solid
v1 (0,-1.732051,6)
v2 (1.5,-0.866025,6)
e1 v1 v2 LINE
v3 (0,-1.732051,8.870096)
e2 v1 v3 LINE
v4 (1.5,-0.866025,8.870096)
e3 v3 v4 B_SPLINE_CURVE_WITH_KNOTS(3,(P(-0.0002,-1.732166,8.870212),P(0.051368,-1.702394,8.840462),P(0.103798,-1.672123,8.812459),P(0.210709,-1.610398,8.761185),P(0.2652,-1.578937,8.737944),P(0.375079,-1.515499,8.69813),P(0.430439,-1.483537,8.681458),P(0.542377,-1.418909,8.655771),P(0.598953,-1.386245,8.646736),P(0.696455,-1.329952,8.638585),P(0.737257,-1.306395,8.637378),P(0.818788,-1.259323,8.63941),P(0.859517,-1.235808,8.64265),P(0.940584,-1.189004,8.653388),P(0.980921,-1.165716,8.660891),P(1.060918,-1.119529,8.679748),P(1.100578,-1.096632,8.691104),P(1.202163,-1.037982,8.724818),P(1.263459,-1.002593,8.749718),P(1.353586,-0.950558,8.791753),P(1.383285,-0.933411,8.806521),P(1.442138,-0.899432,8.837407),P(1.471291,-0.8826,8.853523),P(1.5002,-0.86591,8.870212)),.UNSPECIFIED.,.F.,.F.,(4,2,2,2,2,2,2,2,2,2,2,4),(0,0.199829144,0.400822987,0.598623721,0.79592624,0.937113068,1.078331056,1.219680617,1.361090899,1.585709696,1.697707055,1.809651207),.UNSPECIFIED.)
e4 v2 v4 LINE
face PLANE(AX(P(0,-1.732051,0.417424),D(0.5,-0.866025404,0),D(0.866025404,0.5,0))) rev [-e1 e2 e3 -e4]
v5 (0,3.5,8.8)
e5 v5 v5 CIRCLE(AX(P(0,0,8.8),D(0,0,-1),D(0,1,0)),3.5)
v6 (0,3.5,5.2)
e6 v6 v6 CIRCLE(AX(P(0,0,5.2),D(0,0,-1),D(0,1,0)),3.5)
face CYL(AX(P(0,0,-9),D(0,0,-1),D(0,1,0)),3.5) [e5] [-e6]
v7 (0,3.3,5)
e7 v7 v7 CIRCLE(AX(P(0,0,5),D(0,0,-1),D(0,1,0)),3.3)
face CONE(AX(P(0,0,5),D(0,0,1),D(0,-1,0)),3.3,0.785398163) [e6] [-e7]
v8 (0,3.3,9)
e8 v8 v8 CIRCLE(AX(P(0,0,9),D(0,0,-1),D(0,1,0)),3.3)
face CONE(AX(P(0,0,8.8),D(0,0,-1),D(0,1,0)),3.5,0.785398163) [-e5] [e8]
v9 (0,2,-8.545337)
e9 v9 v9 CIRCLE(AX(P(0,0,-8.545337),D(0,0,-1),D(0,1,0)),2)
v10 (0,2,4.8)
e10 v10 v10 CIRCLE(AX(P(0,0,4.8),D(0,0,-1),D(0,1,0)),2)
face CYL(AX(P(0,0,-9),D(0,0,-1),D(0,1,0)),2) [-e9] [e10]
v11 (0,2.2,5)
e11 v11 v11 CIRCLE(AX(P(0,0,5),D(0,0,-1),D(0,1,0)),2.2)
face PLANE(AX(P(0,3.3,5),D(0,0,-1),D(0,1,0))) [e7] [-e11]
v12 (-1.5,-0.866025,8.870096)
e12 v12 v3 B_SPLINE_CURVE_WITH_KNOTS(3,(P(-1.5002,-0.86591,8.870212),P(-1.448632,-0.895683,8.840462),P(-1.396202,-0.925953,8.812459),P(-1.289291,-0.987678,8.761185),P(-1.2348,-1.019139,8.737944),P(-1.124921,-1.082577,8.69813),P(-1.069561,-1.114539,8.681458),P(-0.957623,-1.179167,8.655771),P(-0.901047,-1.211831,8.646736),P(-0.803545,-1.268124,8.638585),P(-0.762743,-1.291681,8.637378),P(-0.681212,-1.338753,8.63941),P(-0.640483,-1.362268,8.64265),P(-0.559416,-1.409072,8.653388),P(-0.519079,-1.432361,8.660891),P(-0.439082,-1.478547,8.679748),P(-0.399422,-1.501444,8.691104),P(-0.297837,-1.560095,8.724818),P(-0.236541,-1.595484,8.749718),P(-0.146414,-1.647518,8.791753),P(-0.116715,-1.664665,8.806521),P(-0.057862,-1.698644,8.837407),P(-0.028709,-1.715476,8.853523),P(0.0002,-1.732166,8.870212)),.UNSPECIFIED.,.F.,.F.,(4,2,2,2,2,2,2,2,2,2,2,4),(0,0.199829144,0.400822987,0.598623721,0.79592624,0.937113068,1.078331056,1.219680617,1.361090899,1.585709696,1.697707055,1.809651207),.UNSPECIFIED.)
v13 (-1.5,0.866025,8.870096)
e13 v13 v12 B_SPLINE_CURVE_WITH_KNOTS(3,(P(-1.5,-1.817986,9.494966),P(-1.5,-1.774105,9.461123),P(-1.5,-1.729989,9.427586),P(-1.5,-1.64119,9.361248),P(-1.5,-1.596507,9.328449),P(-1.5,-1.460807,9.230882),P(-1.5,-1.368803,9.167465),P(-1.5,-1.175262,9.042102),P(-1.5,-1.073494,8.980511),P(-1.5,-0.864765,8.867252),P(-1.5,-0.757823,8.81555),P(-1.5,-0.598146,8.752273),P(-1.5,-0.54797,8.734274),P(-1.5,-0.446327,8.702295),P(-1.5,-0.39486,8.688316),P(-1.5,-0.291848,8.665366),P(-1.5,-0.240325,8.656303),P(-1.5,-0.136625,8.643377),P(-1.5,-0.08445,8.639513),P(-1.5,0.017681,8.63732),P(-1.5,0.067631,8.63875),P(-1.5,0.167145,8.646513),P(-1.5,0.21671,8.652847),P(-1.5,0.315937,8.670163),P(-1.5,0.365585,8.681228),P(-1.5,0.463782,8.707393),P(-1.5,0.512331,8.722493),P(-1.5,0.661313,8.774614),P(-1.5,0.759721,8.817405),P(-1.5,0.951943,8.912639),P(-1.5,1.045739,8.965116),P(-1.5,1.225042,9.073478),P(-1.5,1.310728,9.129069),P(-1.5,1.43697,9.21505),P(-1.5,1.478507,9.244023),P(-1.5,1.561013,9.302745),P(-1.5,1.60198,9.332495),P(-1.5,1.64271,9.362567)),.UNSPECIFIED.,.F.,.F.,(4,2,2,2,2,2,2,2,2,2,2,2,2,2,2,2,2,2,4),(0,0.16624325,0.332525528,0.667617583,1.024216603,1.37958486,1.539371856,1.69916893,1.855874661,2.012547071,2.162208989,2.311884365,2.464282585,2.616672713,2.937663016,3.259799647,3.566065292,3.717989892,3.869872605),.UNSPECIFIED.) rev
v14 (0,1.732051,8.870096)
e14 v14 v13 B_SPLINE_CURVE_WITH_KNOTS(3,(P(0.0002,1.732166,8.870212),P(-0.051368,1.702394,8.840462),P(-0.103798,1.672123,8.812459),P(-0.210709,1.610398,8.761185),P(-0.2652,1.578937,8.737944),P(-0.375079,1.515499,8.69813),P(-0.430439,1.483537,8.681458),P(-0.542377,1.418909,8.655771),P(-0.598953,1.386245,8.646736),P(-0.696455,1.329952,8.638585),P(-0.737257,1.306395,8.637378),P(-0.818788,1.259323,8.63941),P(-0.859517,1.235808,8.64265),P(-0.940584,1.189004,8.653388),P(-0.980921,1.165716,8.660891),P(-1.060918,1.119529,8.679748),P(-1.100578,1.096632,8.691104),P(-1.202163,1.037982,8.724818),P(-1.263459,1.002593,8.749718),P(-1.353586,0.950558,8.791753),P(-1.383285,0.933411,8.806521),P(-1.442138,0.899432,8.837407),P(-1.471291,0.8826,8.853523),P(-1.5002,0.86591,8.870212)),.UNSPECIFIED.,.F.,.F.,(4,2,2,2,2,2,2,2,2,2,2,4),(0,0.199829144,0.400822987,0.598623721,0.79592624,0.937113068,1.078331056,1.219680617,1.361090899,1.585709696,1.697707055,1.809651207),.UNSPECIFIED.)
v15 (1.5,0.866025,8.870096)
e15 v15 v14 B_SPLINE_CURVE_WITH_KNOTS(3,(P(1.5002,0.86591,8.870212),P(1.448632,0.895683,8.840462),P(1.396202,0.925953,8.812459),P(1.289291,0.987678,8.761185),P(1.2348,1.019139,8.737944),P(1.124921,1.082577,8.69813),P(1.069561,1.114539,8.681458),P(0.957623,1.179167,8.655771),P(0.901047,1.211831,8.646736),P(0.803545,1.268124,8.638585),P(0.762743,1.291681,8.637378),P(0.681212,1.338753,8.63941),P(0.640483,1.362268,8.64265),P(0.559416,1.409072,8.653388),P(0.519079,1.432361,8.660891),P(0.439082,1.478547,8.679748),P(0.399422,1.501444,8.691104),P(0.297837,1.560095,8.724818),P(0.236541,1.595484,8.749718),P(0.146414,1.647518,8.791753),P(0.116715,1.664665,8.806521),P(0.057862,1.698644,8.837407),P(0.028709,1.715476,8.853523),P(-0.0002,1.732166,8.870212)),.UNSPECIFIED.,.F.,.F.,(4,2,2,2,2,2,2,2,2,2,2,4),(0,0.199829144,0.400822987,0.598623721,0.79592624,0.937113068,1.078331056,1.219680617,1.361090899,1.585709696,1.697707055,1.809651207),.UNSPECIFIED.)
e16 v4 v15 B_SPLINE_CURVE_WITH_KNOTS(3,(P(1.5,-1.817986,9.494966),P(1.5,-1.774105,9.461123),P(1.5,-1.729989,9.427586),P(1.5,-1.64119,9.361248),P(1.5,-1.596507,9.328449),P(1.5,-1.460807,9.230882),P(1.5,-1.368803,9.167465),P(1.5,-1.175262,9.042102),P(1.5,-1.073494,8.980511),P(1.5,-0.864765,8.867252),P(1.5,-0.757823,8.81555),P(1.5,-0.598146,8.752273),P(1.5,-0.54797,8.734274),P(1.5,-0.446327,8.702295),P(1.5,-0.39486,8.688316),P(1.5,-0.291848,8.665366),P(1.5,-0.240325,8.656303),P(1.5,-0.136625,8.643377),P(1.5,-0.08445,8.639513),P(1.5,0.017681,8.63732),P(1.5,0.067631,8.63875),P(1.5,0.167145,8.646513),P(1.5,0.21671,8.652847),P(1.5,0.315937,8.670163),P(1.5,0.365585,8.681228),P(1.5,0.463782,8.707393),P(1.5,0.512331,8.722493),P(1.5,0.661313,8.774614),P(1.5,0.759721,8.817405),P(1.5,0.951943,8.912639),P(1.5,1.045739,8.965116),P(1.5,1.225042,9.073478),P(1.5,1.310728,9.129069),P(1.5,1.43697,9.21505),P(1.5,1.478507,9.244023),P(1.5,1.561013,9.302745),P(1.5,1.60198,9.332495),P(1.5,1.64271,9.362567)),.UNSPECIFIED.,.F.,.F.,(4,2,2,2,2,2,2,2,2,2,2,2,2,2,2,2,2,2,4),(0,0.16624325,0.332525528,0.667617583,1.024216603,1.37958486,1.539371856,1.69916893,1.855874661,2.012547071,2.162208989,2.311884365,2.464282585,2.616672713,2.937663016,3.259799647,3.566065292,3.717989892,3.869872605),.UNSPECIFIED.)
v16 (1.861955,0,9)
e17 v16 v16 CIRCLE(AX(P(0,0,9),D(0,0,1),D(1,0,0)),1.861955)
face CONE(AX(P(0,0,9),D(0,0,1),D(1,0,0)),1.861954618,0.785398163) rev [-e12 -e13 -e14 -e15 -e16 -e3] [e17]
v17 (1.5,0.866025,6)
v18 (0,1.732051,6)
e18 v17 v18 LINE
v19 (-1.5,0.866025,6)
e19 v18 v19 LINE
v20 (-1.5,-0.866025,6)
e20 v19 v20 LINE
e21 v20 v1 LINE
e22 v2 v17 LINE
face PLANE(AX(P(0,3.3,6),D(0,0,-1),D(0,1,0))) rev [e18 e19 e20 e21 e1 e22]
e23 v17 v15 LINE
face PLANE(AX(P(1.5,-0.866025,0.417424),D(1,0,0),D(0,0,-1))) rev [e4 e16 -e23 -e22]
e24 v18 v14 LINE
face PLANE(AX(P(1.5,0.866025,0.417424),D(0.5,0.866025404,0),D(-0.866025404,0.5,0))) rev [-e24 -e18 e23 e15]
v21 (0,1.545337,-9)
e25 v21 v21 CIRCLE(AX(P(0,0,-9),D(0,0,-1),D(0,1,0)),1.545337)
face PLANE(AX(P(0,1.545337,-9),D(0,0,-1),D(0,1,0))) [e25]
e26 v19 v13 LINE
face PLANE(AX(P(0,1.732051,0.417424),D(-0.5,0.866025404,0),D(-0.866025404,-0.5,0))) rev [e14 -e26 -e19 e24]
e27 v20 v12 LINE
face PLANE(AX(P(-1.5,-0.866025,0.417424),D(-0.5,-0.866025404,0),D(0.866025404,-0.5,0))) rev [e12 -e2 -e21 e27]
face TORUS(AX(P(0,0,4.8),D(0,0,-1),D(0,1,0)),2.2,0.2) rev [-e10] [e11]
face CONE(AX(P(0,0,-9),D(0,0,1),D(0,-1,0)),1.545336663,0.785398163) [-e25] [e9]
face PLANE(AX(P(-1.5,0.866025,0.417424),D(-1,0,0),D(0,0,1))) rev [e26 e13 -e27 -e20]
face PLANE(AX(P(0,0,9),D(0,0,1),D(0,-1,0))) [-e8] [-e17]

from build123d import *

# Parameters (mm, degrees)
CUT_EXTRUDE1_DEPTH = 3


with BuildPart() as part:
    # Sketch2 → Revolve1 (revolve)
    with BuildSketch(Plane(origin=(0, 0, 0), x_dir=(0, 0, -1), z_dir=(1, 0, 0))):
        with BuildLine():
            Line((-9, 0), (-9, 3.3))
            Line((-9, 3.3), (-8.8, 3.5))
            Line((-8.8, 3.5), (-5.2, 3.5))
            Line((-5.2, 3.5), (-5, 3.3))
            Line((-5, 3.3), (-5, 2.2))
            ThreePointArc((-5, 2.2), (-4.941421356, 2.058578644), (-4.8, 2))
            Line((-4.8, 2), (8.545336663, 2))
            Line((8.545336663, 2), (9, 1.545336663))
            Line((9, 1.545336663), (9, 0))
            Line((9, 0), (-9, 0))
        make_face()
    revolve(axis=Axis((0, 0, -9), (0, 0, 1)))

    # Sketch3 → Cut-Extrude1 (cut)
    with BuildSketch(Plane.XY.offset(9)):
        Polygon((1.5, -0.866025404), (1.5, 0.866025404), (0, 1.732050808), (-1.5, 0.866025404), (-1.5, -0.866025404), (0, -1.732050808), align=None)
    extrude(amount=-CUT_EXTRUDE1_DEPTH, mode=Mode.SUBTRACT)

    # Cut-Extrude2 cone 1 section (through the dimple's axis) → Cut-Extrude2 (revolve, cut)
    with BuildSketch(Plane(origin=(0, 0, 9), x_dir=(0, -1, 0), z_dir=(1, 0, 0))):
        Polygon((0, 0), (1.861954618, 0), (0, 1.861954618), align=None)
    revolve(axis=Axis((0, 0, 9), (0, 0, -1)), mode=Mode.SUBTRACT)


solid = part.part
